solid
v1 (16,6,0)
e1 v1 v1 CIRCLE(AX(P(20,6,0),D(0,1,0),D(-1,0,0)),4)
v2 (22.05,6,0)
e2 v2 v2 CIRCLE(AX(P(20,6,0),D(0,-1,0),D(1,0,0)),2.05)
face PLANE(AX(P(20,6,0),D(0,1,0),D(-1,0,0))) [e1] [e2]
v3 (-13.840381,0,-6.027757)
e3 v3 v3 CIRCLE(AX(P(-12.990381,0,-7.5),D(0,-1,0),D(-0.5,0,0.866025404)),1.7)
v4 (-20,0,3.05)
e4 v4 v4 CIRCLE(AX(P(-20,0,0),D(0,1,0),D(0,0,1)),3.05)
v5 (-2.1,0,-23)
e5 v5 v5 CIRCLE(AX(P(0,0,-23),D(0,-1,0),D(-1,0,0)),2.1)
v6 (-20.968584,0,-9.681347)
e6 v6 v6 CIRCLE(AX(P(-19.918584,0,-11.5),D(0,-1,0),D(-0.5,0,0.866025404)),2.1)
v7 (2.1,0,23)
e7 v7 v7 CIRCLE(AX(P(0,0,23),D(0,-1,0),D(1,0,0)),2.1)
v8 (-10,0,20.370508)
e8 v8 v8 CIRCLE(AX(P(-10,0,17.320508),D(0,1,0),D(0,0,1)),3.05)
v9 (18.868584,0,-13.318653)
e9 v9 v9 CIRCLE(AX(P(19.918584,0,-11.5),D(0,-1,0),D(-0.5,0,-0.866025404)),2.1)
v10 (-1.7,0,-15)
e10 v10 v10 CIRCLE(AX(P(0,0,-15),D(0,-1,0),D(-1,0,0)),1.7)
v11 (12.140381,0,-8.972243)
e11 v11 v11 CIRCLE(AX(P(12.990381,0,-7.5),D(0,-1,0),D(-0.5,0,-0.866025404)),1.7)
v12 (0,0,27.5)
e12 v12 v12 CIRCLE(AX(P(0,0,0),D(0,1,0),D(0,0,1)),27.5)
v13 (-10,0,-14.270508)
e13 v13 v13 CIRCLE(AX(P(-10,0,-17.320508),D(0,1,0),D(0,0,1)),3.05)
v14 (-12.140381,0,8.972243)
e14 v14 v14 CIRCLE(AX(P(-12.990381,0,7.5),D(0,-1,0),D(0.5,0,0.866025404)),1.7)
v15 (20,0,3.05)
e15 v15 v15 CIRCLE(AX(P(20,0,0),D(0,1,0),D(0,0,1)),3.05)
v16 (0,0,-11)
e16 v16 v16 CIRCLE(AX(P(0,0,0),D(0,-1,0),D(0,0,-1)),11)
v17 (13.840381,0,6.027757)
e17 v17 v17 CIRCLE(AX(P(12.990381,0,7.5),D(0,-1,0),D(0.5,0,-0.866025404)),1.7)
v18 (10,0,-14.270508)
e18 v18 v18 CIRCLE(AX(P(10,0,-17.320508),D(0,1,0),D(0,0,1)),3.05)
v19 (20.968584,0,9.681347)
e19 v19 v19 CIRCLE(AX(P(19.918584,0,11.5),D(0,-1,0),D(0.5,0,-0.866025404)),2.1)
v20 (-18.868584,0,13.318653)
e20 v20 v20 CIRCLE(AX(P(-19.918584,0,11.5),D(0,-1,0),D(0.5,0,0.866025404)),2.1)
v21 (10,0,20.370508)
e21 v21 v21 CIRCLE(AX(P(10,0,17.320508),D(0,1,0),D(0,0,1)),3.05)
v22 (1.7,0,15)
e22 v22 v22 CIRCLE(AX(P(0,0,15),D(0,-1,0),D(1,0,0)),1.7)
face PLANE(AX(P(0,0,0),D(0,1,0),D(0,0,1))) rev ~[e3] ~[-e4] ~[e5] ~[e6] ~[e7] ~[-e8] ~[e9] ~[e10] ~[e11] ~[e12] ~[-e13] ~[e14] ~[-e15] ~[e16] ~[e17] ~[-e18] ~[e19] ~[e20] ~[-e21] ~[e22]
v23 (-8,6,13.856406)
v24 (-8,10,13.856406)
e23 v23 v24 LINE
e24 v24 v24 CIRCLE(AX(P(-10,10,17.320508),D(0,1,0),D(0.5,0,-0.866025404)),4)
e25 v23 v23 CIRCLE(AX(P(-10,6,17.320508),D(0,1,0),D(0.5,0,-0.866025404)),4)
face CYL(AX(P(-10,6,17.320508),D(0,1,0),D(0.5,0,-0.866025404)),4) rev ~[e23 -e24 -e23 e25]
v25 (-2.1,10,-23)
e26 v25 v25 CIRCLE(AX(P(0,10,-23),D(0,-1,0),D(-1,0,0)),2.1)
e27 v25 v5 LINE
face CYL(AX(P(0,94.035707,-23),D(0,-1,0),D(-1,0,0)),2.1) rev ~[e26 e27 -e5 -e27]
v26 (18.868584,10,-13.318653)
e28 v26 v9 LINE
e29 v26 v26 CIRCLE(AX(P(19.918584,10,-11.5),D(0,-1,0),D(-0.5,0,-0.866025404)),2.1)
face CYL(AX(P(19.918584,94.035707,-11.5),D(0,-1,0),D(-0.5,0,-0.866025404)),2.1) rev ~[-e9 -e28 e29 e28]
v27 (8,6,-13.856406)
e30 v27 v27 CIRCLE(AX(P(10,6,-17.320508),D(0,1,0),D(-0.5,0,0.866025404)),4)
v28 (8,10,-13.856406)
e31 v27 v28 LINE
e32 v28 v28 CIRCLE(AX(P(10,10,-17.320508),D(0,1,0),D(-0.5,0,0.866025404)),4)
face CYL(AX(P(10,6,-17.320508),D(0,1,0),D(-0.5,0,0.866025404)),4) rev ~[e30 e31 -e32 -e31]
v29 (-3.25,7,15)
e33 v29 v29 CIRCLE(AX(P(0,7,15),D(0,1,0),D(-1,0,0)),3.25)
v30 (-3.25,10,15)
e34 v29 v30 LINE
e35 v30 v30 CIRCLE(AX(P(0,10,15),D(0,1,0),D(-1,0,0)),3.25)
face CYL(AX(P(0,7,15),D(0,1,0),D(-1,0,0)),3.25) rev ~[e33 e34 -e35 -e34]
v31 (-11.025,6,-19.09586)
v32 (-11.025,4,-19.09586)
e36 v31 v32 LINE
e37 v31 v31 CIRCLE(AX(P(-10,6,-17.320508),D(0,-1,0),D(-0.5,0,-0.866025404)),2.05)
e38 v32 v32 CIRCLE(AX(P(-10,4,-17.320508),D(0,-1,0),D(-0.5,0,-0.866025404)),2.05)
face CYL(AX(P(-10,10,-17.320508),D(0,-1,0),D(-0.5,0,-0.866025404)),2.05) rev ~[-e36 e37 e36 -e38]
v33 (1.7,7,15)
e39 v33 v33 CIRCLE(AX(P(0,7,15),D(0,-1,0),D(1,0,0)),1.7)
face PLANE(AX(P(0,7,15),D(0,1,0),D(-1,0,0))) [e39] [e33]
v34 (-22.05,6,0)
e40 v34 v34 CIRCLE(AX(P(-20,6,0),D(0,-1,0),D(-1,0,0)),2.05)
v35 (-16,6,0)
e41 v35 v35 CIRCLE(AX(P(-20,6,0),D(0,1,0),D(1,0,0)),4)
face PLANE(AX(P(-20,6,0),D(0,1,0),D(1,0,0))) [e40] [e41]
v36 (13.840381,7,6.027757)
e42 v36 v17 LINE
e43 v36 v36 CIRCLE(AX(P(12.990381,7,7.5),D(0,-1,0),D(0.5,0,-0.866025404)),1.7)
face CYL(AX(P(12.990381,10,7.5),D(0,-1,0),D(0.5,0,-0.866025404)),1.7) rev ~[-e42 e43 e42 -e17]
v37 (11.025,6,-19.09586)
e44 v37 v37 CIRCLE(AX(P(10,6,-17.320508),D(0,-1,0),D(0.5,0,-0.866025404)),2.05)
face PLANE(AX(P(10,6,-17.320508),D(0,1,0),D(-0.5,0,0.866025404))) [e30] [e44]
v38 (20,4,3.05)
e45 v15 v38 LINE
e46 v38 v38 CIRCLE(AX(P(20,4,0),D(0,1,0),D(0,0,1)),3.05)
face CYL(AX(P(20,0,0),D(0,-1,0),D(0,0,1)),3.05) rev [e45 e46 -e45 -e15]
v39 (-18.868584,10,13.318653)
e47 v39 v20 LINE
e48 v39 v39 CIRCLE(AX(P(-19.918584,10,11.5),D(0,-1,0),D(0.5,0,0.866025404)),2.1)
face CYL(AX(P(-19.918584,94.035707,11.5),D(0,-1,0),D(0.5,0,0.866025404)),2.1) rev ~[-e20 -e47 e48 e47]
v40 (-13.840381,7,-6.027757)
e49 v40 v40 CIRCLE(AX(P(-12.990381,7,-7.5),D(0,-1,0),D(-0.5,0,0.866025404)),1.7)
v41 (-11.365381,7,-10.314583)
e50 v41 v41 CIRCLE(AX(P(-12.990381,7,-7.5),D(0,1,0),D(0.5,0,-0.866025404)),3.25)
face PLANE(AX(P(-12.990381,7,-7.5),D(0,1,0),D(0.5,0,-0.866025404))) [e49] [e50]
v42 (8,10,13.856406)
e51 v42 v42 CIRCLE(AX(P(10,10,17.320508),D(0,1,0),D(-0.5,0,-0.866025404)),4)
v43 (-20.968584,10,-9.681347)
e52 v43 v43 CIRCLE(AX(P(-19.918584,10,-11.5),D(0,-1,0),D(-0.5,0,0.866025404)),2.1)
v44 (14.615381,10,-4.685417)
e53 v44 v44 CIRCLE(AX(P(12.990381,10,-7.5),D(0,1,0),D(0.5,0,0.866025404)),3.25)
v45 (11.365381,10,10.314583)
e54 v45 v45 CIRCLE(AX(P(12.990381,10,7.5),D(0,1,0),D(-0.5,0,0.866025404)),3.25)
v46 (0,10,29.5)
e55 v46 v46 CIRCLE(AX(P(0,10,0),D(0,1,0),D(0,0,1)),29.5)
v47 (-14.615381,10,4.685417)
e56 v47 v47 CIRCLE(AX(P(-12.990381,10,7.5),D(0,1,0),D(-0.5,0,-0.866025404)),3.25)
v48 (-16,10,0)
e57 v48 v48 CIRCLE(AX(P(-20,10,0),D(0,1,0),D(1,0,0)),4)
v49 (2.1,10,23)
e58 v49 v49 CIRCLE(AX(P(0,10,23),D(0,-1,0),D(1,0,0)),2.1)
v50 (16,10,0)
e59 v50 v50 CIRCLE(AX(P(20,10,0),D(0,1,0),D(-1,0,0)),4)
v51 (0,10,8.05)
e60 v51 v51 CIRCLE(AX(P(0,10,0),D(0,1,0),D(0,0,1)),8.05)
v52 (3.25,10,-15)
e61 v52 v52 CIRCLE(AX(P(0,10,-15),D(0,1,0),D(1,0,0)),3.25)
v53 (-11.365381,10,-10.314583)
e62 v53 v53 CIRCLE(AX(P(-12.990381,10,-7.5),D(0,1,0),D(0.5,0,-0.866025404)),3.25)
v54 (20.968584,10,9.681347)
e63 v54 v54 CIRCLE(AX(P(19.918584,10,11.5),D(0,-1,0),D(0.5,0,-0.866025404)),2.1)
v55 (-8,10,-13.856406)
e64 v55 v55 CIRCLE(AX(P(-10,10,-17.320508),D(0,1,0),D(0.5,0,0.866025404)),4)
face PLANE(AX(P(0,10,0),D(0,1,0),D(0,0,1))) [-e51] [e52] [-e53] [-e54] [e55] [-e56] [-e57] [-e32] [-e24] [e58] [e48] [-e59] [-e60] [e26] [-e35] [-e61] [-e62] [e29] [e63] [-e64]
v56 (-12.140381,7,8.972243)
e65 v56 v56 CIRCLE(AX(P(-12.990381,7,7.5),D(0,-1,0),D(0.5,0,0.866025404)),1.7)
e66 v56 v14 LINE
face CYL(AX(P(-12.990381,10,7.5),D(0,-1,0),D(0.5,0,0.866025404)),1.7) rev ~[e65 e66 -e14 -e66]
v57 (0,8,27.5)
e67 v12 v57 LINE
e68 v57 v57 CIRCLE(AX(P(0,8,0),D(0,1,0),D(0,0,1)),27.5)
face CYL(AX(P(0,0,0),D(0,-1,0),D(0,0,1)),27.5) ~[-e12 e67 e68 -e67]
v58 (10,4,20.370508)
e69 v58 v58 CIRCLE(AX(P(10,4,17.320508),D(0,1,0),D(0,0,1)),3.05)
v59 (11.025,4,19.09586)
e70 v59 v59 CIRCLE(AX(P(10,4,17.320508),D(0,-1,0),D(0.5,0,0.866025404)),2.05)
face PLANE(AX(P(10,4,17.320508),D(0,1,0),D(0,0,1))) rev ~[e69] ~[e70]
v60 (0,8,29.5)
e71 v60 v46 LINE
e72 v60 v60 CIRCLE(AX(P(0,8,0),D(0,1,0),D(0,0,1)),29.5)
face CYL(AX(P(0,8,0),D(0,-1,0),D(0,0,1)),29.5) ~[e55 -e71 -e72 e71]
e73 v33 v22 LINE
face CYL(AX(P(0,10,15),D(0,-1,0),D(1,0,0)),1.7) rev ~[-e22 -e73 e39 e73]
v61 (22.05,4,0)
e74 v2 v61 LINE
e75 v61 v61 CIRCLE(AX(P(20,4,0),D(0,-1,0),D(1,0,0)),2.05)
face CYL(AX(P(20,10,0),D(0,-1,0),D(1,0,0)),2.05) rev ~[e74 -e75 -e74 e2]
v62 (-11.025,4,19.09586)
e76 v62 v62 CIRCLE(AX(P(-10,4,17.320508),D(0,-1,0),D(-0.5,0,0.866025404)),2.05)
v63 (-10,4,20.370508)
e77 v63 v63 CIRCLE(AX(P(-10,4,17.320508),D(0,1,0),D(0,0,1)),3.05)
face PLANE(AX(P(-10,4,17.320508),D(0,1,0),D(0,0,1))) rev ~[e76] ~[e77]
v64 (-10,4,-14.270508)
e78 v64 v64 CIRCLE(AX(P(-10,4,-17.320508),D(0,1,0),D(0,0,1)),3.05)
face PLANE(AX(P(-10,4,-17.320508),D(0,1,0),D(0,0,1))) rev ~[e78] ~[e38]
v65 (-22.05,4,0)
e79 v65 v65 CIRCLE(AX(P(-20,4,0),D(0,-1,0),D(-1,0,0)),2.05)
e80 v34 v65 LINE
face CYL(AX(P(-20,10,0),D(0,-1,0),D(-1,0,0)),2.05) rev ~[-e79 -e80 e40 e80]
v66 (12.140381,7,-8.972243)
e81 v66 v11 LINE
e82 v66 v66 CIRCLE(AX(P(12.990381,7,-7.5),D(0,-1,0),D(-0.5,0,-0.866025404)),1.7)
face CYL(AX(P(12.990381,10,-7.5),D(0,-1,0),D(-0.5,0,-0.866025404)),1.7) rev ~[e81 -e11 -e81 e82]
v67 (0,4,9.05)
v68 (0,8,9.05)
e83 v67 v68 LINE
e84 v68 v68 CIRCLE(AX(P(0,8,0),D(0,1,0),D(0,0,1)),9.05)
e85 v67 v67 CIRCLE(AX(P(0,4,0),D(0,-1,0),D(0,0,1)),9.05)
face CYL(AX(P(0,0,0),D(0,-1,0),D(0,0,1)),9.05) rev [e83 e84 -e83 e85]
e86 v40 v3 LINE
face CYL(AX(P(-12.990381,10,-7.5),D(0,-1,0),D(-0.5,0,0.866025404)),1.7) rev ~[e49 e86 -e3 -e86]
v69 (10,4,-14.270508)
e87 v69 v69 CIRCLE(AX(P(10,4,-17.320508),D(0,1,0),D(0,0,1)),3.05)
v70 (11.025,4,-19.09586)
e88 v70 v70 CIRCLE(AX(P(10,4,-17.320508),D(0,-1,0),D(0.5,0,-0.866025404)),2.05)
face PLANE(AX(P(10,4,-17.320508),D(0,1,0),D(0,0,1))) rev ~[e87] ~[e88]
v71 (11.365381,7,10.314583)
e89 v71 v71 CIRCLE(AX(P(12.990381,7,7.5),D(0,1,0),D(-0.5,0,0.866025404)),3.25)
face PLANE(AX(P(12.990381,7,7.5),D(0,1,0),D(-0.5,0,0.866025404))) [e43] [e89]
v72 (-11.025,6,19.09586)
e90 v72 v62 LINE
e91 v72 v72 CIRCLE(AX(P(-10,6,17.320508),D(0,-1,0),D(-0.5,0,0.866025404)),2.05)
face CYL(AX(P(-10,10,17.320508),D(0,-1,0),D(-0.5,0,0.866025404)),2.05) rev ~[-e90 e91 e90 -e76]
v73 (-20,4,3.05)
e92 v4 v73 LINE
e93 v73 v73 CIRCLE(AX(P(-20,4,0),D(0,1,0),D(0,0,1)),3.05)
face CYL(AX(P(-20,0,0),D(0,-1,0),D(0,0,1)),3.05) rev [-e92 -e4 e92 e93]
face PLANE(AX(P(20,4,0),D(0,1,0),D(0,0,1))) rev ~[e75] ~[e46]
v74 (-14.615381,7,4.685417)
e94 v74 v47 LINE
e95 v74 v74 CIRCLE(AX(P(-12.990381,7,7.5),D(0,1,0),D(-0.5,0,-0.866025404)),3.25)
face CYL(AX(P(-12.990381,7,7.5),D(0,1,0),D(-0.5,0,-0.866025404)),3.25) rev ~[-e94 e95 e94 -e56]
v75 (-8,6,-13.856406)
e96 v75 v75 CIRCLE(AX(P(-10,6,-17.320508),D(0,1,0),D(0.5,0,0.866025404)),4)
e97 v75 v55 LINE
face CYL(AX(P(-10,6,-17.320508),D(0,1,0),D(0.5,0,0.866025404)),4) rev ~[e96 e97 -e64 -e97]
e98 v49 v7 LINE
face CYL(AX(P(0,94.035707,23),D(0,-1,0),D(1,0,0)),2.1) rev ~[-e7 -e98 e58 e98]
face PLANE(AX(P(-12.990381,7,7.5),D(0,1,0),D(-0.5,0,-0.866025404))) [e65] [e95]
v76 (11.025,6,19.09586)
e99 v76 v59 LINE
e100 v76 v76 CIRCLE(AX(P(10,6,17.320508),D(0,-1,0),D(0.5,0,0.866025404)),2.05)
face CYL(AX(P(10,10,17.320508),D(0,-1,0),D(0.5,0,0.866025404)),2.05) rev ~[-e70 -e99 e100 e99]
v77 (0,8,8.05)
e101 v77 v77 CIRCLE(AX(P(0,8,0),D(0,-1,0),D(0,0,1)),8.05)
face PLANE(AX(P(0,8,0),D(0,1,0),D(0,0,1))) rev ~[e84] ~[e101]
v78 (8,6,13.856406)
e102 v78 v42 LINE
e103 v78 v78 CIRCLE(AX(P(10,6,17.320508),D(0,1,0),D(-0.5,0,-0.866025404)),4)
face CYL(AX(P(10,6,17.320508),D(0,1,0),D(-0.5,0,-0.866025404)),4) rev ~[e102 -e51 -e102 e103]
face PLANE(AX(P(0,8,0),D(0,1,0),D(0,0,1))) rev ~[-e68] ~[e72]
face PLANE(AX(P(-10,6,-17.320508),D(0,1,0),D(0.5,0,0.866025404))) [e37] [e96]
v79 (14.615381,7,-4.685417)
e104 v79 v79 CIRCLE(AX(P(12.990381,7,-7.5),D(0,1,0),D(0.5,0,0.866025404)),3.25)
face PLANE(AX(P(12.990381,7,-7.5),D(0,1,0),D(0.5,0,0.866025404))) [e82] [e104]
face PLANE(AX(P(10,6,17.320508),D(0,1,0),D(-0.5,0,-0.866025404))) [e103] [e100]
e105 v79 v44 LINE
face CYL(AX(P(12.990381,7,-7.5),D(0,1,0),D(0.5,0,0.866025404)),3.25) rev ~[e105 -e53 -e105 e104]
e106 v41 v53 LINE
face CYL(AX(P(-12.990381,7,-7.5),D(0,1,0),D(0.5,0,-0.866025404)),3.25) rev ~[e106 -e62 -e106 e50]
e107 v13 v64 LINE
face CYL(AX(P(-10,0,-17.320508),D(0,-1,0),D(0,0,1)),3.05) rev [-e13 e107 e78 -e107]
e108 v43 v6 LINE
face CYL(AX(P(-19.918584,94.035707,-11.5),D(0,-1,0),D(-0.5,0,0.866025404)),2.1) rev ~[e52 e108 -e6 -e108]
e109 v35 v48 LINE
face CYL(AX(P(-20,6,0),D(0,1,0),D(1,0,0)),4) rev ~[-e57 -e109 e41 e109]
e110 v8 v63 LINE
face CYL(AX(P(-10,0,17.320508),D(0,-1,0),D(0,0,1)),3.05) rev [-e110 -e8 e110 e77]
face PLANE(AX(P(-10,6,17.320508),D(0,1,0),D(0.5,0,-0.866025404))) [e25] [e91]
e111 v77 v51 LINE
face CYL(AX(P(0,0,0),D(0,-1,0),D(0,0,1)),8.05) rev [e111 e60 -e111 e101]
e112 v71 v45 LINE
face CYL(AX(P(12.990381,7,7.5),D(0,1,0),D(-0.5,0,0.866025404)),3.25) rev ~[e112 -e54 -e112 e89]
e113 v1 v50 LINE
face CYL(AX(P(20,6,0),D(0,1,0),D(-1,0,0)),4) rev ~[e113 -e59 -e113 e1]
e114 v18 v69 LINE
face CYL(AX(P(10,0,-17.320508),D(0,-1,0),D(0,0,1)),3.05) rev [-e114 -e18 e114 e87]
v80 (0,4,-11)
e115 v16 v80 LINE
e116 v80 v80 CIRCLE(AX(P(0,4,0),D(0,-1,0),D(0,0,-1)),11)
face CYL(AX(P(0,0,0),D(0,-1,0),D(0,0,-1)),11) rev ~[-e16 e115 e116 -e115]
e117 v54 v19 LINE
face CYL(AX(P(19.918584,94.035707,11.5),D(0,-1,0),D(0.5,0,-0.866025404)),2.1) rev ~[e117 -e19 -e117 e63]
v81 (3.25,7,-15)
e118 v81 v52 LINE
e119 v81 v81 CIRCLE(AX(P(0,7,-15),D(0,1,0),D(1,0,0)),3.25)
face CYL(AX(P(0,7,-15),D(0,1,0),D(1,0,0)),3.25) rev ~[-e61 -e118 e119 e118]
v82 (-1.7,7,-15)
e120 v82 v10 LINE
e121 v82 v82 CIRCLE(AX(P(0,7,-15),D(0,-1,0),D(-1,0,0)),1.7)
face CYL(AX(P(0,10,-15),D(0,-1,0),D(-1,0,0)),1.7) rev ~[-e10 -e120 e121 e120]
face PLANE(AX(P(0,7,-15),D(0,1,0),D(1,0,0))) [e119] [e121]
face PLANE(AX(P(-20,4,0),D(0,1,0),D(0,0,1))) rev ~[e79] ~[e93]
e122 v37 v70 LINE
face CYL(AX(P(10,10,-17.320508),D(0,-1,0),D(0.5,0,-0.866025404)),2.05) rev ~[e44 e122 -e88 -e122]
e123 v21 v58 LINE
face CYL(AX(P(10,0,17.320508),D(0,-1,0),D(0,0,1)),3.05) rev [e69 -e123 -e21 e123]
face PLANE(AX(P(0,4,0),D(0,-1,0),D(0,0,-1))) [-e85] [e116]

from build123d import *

# Parameters (mm, degrees)
SKETCH1_R                      = 27.5
SKETCH1_R_2                    = 8.05
BOSS_EXTRUDE1_DEPTH            = 10
SKETCH1_4_R                    = 3.05
CUT_EXTRUDE1_DEPTH             = 4
CBORE_FOR_M4_SHCS1_D           = 4.1
CBORE_FOR_M4_SHCS1_CBORE_D     = 8
CBORE_FOR_M4_SHCS1_CBORE_DEPTH = 4
CIRPATTERN1_COUNT              = 6
SKETCH1_5_R                    = 9.05
CUT_EXTRUDE2_DEPTH             = 8
BOSS_EXTRUDE2_START            = 8
SKETCH1_6_R                    = 29.5
SKETCH1_6_R_2                  = 27.5
BOSS_EXTRUDE2_DEPTH            = 2
M5X0_8_TAPPED_HOLE1_D          = 4.2
CBORE_FOR_M3_SHCS1_D           = 3.4
CBORE_FOR_M3_SHCS1_CBORE_D     = 6.5
CBORE_FOR_M3_SHCS1_CBORE_DEPTH = 3
CIRPATTERN2_COUNT              = 6
SKETCH9_R                      = 11
CUT_EXTRUDE3_DEPTH             = 4


with BuildPart() as part:
    # Sketch1 → Boss-Extrude1 (new body)
    with BuildSketch(Plane(origin=(0, 0, 0), x_dir=(1, 0, 0), z_dir=(0, 1, 0))):
        with Locations(Location((0, 0, 0), (0, 0, 270))):
            Circle(SKETCH1_R)
        with Locations(Location((0, 0, 0), (0, 0, 270))):
            Circle(SKETCH1_R_2, mode=Mode.SUBTRACT)
    extrude(amount=BOSS_EXTRUDE1_DEPTH)

    # Sketch1<4> → Cut-Extrude1 (cut)
    with BuildSketch(Plane(origin=(0, 0, 0), x_dir=(1, 0, 0), z_dir=(0, 1, 0))):
        with Locations(Location((-20, 0, 0), (0, 0, 270))):
            Circle(SKETCH1_4_R)
        with Locations(Location((-10, 17.320508076, 0), (0, 0, 270))):
            Circle(SKETCH1_4_R)
        with Locations(Location((10, 17.320508076, 0), (0, 0, 270))):
            Circle(SKETCH1_4_R)
        with Locations(Location((20, 0, 0), (0, 0, 270))):
            Circle(SKETCH1_4_R)
        with Locations(Location((10, -17.320508076, 0), (0, 0, 270))):
            Circle(SKETCH1_4_R)
        with Locations(Location((-10, -17.320508076, 0), (0, 0, 270))):
            Circle(SKETCH1_4_R)
    extrude(amount=CUT_EXTRUDE1_DEPTH, mode=Mode.SUBTRACT)

    # CBORE for M4 SHCS1 (through all)
    with Locations(Plane(origin=(0, 10, 0), x_dir=(1, 0, 0), z_dir=(0, 1, 0))):
        with Locations((-20, 0)):
            cbore_for_m4_shcs1 = CounterBoreHole(CBORE_FOR_M4_SHCS1_D / 2, CBORE_FOR_M4_SHCS1_CBORE_D / 2, CBORE_FOR_M4_SHCS1_CBORE_DEPTH)

    # CirPattern1: CBORE for M4 SHCS1 ×6 about axis
    cirpattern1_axis = Axis((0, 0, 0), (0, 1, 0))
    for i in range(1, CIRPATTERN1_COUNT):
        add(cbore_for_m4_shcs1.rotate(cirpattern1_axis, i * 360 / CIRPATTERN1_COUNT), mode=Mode.SUBTRACT)

    # Sketch1<5> → Cut-Extrude2 (cut)
    with BuildSketch(Plane(origin=(0, 0, 0), x_dir=(1, 0, 0), z_dir=(0, 1, 0))):
        with Locations(Location((0, 0, 0), (0, 0, 270))):
            Circle(SKETCH1_5_R)
    extrude(amount=CUT_EXTRUDE2_DEPTH, mode=Mode.SUBTRACT)

    # Sketch1<6> → Boss-Extrude2 (add)
    with BuildSketch(Plane(origin=(0, 0, 0), x_dir=(1, 0, 0), z_dir=(0, 1, 0)).offset(BOSS_EXTRUDE2_START)):
        with Locations(Location((0, 0, 0), (0, 0, 270))):
            Circle(SKETCH1_6_R)
        with Locations(Location((0, 0, 0), (0, 0, 270))):
            Circle(SKETCH1_6_R_2, mode=Mode.SUBTRACT)
    extrude(amount=BOSS_EXTRUDE2_DEPTH)

    # M5x0.8 Tapped Hole1 (through all)
    with Locations(Plane(origin=(0, 10, 0), x_dir=(1, 0, 0), z_dir=(0, 1, 0))):
        with Locations((0, 23)):
            m5x0_8_tapped_hole1 = Hole(M5X0_8_TAPPED_HOLE1_D / 2)

    # CBORE for M3 SHCS1 (through all)
    with Locations(Plane(origin=(0, 10, 0), x_dir=(1, 0, 0), z_dir=(0, 1, 0))):
        with Locations((0, 15)):
            cbore_for_m3_shcs1 = CounterBoreHole(CBORE_FOR_M3_SHCS1_D / 2, CBORE_FOR_M3_SHCS1_CBORE_D / 2, CBORE_FOR_M3_SHCS1_CBORE_DEPTH)

    # CirPattern2: M5x0.8 Tapped Hole1, CBORE for M3 SHCS1 ×6 about axis
    cirpattern2_axis = Axis((0, 0, 0), (0, 1, 0))
    add([m5x0_8_tapped_hole1.rotate(cirpattern2_axis, i * 360 / CIRPATTERN2_COUNT) for i in range(1, CIRPATTERN2_COUNT)], mode=Mode.SUBTRACT)
    add([cbore_for_m3_shcs1.rotate(cirpattern2_axis, i * 360 / CIRPATTERN2_COUNT) for i in range(1, CIRPATTERN2_COUNT)], mode=Mode.SUBTRACT)

    # Sketch9 → Cut-Extrude3 (cut)
    with BuildSketch(Plane.XZ):
        with Locations(Location((0, 0, 0), (0, 0, 270))):
            Circle(SKETCH9_R)
    extrude(amount=-CUT_EXTRUDE3_DEPTH, mode=Mode.SUBTRACT)


solid = part.part
